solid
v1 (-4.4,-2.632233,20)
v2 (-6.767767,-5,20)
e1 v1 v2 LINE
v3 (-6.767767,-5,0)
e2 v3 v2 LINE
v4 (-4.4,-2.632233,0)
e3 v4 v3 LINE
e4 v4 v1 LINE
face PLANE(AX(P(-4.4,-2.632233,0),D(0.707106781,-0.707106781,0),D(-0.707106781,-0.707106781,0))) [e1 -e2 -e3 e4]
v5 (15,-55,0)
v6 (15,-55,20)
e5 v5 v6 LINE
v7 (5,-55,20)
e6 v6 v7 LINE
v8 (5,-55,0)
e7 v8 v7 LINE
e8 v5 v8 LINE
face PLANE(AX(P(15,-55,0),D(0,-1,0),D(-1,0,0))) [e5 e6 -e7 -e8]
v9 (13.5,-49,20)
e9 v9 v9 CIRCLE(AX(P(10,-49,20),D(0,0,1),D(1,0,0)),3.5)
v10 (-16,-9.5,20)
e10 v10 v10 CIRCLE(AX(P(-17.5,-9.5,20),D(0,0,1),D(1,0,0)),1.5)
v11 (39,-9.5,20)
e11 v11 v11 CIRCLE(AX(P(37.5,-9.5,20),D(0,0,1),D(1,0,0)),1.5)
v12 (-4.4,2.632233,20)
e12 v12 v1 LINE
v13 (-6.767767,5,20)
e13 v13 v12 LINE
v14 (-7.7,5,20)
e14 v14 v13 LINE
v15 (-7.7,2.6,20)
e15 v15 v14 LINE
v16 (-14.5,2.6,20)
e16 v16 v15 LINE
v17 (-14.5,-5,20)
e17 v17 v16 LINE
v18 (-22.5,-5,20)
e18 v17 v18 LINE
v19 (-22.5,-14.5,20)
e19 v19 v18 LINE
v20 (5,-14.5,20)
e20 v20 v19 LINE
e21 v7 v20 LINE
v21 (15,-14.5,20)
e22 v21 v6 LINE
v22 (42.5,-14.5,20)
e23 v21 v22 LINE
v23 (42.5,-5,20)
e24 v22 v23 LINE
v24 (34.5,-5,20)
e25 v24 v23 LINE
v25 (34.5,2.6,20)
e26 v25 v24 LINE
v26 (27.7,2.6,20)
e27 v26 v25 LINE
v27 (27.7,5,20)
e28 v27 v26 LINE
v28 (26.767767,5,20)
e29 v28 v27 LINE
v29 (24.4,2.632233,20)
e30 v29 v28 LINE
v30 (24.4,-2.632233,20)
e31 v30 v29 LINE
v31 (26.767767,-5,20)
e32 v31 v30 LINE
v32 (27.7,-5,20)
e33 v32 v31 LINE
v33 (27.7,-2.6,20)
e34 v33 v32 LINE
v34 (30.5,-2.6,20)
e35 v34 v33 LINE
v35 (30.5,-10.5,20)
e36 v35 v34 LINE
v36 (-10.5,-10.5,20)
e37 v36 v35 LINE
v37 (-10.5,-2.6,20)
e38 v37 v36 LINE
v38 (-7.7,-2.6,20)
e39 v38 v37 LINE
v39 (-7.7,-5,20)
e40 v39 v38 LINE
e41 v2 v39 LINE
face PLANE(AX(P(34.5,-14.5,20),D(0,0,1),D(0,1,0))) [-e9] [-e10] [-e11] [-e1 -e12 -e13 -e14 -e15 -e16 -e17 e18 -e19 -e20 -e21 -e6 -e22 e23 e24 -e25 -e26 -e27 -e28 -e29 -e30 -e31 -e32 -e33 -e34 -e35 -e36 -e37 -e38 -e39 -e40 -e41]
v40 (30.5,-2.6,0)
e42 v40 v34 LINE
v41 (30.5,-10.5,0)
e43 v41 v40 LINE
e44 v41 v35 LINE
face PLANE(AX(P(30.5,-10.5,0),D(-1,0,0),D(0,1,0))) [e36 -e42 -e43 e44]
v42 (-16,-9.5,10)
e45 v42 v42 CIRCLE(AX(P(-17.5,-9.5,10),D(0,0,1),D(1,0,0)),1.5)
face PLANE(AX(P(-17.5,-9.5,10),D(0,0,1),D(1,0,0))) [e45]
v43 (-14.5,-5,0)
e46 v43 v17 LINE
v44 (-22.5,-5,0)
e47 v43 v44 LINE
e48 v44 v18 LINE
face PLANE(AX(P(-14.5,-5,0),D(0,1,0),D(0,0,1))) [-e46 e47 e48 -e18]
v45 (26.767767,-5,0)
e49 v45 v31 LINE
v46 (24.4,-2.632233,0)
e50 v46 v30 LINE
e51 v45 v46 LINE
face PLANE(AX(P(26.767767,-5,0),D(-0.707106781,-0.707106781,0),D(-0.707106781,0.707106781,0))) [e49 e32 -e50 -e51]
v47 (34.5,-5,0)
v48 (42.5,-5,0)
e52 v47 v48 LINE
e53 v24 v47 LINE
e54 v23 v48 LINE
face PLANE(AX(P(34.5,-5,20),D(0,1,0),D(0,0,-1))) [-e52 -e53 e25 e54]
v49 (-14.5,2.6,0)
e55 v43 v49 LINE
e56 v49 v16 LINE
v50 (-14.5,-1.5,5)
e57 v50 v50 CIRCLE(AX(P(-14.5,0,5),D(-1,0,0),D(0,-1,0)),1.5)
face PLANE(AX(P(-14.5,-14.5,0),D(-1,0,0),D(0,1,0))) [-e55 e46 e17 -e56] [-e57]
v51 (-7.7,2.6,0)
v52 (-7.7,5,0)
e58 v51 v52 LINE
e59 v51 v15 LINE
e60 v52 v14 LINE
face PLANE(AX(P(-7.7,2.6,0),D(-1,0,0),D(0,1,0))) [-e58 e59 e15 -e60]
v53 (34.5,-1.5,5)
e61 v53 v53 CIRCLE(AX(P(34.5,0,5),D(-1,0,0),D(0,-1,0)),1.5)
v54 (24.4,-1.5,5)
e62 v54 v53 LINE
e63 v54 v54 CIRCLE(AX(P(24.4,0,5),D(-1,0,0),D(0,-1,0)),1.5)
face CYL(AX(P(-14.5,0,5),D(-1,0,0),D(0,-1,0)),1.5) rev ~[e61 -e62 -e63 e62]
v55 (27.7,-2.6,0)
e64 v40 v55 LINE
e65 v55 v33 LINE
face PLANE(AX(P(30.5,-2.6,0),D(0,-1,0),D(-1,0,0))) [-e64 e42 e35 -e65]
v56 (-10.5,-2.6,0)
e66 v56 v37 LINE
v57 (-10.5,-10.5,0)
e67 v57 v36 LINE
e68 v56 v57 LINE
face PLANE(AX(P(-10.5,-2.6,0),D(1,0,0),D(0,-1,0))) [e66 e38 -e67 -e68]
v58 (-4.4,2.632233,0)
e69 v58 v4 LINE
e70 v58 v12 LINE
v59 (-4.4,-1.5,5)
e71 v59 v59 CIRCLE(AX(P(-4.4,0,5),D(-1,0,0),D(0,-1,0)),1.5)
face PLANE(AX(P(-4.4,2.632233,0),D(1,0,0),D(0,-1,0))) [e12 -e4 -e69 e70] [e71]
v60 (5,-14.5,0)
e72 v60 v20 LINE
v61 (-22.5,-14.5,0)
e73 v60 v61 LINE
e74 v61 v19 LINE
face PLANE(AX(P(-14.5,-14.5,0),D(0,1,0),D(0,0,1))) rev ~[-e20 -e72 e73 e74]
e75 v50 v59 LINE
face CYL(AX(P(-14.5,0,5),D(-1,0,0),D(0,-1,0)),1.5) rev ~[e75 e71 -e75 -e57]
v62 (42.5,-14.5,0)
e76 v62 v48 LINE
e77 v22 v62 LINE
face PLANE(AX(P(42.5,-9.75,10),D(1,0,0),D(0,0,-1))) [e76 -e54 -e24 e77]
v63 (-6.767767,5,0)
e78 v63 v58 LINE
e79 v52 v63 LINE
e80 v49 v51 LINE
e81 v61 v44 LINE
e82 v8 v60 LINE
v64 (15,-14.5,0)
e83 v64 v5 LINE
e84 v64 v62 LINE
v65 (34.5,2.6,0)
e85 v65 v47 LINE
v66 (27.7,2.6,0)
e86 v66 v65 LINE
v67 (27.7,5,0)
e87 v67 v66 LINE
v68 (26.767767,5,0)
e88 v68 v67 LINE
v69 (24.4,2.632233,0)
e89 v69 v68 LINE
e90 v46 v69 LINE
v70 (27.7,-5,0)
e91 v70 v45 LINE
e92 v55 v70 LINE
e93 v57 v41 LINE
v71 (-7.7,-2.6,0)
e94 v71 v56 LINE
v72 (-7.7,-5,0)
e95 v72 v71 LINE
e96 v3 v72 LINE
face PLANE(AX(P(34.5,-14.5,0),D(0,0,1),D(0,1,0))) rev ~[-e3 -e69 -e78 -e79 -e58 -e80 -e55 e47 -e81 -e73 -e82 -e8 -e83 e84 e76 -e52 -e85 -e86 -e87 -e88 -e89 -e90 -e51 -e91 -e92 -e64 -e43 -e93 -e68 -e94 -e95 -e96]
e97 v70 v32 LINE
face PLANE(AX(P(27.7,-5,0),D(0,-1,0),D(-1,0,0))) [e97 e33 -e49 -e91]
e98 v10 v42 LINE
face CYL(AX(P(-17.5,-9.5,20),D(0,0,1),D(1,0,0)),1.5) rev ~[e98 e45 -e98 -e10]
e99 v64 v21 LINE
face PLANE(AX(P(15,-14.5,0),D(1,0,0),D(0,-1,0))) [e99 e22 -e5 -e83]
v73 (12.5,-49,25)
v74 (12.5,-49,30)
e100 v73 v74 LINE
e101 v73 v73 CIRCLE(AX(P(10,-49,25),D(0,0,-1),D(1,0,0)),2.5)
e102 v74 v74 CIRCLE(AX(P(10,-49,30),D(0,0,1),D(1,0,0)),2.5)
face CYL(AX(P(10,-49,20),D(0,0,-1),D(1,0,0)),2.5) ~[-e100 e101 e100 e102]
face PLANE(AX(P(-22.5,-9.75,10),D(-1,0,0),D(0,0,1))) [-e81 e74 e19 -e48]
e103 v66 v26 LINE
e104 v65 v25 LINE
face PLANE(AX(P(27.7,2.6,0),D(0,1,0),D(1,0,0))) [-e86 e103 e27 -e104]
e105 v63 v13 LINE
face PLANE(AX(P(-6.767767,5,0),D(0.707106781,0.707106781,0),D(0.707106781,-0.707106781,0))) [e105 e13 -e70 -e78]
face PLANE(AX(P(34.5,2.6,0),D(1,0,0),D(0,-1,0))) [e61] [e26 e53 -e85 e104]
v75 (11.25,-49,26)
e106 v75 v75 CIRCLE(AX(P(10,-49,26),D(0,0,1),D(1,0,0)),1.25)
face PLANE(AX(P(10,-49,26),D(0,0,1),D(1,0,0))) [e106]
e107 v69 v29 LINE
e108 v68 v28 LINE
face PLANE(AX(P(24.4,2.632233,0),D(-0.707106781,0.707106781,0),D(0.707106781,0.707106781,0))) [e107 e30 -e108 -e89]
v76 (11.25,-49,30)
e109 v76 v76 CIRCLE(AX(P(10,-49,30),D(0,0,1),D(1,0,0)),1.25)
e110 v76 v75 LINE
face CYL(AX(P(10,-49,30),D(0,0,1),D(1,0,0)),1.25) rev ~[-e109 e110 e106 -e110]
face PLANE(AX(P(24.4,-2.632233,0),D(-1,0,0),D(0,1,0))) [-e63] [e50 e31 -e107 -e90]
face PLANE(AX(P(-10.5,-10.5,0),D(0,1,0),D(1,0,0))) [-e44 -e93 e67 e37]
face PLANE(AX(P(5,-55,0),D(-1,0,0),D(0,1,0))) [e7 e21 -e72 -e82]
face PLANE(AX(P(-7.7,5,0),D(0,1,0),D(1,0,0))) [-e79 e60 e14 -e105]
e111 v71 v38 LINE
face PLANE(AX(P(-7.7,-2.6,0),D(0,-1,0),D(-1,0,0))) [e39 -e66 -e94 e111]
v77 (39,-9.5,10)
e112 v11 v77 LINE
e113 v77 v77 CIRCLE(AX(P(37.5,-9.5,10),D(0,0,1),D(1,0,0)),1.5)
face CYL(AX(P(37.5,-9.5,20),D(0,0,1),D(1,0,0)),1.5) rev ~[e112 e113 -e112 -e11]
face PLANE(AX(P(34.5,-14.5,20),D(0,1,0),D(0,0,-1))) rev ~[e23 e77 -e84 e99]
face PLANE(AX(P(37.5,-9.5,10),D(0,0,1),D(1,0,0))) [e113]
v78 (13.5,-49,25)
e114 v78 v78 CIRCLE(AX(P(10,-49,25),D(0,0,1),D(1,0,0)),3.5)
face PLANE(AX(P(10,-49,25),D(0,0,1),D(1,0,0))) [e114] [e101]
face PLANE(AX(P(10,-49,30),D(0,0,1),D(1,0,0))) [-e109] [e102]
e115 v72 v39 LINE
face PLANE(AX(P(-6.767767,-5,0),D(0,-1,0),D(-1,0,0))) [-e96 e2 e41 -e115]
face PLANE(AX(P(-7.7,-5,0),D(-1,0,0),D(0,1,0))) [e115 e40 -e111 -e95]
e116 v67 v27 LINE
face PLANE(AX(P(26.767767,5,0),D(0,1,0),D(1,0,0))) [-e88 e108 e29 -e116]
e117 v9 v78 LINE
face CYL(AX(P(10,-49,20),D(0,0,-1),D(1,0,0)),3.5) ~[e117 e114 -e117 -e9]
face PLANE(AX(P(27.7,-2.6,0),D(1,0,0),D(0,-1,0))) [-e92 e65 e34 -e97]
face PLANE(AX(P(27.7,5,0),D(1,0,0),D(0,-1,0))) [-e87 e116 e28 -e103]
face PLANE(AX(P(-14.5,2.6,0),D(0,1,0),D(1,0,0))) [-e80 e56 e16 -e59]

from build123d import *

# Parameters (mm, degrees)
BOSS_EXTRUDE1_DEPTH = 20
SKETCH2_R           = 1.5
CUT_EXTRUDE1_DEPTH  = 60
SKETCH4_R           = 2.5
BOSS_EXTRUDE2_DEPTH = 10
SKETCH5_R           = 3.5
BOSS_EXTRUDE3_DEPTH = 5
SKETCH6_R           = 1.25
CUT_EXTRUDE3_DEPTH  = 4
SKETCH7_W           = 20
SKETCH7_H           = 9.5
BOSS_EXTRUDE4_DEPTH = 8
SKETCH8_W           = 20
SKETCH8_H           = 9.5
BOSS_EXTRUDE5_DEPTH = 8
SKETCH9_R           = 1.5
CUT_EXTRUDE4_DEPTH  = 10


with BuildPart() as part:
    # Sketch1 → Boss-Extrude1 (new body)
    with BuildSketch(Plane.XY):
        Polygon((-14.5, 2.6), (-7.7, 2.6), (-7.7, 5), (-6.767766953, 5), (-4.4, 2.632233047), (-4.4, -2.632233047), (-6.767766953, -5), (-7.7, -5), (-7.7, -2.6), (-10.5, -2.6), (-10.5, -10.5), (30.5, -10.5), (30.5, -2.6), (27.7, -2.6), (27.7, -5), (26.767766953, -5), (24.4, -2.632233047), (24.4, 2.632233047), (26.767766953, 5), (27.7, 5), (27.7, 2.6), (34.5, 2.6), (34.5, -14.5), (15, -14.5), (15, -55), (5, -55), (5, -14.5), (-14.5, -14.5), align=None)
    extrude(amount=BOSS_EXTRUDE1_DEPTH)

    # Sketch2 → Cut-Extrude1 (cut)
    with BuildSketch(Plane.ZY.offset(14.5)):
        with Locations(Location((5, 0, 0), (0, 0, 270))):
            Circle(SKETCH2_R)
    extrude(amount=-CUT_EXTRUDE1_DEPTH, mode=Mode.SUBTRACT)

    # Sketch4 → Boss-Extrude2 (add)
    with BuildSketch(Plane.XY.offset(20)):
        with Locations((10, -49)):
            Circle(SKETCH4_R)
    extrude(amount=BOSS_EXTRUDE2_DEPTH)

    # Sketch5 → Boss-Extrude3 (add)
    with BuildSketch(Plane.XY.offset(20)):
        with Locations((10, -49)):
            Circle(SKETCH5_R)
    extrude(amount=BOSS_EXTRUDE3_DEPTH)

    # Sketch6 → Cut-Extrude3 (cut)
    with BuildSketch(Plane.XY.offset(30)):
        with Locations((10, -49)):
            Circle(SKETCH6_R)
    extrude(amount=-CUT_EXTRUDE3_DEPTH, mode=Mode.SUBTRACT)

    # Sketch7 → Boss-Extrude4 (add)
    with BuildSketch(Plane.ZY.offset(14.5)):
        with Locations((10, -9.75)):
            Rectangle(SKETCH7_W, SKETCH7_H)
    extrude(amount=BOSS_EXTRUDE4_DEPTH)

    # Sketch8 → Boss-Extrude5 (add)
    with BuildSketch(Plane(origin=(34.5, 0, 0), x_dir=(0, 0, -1), z_dir=(1, 0, 0))):
        with Locations((-10, -9.75)):
            Rectangle(SKETCH8_W, SKETCH8_H)
    extrude(amount=BOSS_EXTRUDE5_DEPTH)

    # Sketch9 → Cut-Extrude4 (cut)
    with BuildSketch(Plane.XY.offset(20)):
        with Locations((-17.5, -9.5)):
            Circle(SKETCH9_R)
        with Locations((37.5, -9.5)):
            Circle(SKETCH9_R)
    extrude(amount=-CUT_EXTRUDE4_DEPTH, mode=Mode.SUBTRACT)


solid = part.part
